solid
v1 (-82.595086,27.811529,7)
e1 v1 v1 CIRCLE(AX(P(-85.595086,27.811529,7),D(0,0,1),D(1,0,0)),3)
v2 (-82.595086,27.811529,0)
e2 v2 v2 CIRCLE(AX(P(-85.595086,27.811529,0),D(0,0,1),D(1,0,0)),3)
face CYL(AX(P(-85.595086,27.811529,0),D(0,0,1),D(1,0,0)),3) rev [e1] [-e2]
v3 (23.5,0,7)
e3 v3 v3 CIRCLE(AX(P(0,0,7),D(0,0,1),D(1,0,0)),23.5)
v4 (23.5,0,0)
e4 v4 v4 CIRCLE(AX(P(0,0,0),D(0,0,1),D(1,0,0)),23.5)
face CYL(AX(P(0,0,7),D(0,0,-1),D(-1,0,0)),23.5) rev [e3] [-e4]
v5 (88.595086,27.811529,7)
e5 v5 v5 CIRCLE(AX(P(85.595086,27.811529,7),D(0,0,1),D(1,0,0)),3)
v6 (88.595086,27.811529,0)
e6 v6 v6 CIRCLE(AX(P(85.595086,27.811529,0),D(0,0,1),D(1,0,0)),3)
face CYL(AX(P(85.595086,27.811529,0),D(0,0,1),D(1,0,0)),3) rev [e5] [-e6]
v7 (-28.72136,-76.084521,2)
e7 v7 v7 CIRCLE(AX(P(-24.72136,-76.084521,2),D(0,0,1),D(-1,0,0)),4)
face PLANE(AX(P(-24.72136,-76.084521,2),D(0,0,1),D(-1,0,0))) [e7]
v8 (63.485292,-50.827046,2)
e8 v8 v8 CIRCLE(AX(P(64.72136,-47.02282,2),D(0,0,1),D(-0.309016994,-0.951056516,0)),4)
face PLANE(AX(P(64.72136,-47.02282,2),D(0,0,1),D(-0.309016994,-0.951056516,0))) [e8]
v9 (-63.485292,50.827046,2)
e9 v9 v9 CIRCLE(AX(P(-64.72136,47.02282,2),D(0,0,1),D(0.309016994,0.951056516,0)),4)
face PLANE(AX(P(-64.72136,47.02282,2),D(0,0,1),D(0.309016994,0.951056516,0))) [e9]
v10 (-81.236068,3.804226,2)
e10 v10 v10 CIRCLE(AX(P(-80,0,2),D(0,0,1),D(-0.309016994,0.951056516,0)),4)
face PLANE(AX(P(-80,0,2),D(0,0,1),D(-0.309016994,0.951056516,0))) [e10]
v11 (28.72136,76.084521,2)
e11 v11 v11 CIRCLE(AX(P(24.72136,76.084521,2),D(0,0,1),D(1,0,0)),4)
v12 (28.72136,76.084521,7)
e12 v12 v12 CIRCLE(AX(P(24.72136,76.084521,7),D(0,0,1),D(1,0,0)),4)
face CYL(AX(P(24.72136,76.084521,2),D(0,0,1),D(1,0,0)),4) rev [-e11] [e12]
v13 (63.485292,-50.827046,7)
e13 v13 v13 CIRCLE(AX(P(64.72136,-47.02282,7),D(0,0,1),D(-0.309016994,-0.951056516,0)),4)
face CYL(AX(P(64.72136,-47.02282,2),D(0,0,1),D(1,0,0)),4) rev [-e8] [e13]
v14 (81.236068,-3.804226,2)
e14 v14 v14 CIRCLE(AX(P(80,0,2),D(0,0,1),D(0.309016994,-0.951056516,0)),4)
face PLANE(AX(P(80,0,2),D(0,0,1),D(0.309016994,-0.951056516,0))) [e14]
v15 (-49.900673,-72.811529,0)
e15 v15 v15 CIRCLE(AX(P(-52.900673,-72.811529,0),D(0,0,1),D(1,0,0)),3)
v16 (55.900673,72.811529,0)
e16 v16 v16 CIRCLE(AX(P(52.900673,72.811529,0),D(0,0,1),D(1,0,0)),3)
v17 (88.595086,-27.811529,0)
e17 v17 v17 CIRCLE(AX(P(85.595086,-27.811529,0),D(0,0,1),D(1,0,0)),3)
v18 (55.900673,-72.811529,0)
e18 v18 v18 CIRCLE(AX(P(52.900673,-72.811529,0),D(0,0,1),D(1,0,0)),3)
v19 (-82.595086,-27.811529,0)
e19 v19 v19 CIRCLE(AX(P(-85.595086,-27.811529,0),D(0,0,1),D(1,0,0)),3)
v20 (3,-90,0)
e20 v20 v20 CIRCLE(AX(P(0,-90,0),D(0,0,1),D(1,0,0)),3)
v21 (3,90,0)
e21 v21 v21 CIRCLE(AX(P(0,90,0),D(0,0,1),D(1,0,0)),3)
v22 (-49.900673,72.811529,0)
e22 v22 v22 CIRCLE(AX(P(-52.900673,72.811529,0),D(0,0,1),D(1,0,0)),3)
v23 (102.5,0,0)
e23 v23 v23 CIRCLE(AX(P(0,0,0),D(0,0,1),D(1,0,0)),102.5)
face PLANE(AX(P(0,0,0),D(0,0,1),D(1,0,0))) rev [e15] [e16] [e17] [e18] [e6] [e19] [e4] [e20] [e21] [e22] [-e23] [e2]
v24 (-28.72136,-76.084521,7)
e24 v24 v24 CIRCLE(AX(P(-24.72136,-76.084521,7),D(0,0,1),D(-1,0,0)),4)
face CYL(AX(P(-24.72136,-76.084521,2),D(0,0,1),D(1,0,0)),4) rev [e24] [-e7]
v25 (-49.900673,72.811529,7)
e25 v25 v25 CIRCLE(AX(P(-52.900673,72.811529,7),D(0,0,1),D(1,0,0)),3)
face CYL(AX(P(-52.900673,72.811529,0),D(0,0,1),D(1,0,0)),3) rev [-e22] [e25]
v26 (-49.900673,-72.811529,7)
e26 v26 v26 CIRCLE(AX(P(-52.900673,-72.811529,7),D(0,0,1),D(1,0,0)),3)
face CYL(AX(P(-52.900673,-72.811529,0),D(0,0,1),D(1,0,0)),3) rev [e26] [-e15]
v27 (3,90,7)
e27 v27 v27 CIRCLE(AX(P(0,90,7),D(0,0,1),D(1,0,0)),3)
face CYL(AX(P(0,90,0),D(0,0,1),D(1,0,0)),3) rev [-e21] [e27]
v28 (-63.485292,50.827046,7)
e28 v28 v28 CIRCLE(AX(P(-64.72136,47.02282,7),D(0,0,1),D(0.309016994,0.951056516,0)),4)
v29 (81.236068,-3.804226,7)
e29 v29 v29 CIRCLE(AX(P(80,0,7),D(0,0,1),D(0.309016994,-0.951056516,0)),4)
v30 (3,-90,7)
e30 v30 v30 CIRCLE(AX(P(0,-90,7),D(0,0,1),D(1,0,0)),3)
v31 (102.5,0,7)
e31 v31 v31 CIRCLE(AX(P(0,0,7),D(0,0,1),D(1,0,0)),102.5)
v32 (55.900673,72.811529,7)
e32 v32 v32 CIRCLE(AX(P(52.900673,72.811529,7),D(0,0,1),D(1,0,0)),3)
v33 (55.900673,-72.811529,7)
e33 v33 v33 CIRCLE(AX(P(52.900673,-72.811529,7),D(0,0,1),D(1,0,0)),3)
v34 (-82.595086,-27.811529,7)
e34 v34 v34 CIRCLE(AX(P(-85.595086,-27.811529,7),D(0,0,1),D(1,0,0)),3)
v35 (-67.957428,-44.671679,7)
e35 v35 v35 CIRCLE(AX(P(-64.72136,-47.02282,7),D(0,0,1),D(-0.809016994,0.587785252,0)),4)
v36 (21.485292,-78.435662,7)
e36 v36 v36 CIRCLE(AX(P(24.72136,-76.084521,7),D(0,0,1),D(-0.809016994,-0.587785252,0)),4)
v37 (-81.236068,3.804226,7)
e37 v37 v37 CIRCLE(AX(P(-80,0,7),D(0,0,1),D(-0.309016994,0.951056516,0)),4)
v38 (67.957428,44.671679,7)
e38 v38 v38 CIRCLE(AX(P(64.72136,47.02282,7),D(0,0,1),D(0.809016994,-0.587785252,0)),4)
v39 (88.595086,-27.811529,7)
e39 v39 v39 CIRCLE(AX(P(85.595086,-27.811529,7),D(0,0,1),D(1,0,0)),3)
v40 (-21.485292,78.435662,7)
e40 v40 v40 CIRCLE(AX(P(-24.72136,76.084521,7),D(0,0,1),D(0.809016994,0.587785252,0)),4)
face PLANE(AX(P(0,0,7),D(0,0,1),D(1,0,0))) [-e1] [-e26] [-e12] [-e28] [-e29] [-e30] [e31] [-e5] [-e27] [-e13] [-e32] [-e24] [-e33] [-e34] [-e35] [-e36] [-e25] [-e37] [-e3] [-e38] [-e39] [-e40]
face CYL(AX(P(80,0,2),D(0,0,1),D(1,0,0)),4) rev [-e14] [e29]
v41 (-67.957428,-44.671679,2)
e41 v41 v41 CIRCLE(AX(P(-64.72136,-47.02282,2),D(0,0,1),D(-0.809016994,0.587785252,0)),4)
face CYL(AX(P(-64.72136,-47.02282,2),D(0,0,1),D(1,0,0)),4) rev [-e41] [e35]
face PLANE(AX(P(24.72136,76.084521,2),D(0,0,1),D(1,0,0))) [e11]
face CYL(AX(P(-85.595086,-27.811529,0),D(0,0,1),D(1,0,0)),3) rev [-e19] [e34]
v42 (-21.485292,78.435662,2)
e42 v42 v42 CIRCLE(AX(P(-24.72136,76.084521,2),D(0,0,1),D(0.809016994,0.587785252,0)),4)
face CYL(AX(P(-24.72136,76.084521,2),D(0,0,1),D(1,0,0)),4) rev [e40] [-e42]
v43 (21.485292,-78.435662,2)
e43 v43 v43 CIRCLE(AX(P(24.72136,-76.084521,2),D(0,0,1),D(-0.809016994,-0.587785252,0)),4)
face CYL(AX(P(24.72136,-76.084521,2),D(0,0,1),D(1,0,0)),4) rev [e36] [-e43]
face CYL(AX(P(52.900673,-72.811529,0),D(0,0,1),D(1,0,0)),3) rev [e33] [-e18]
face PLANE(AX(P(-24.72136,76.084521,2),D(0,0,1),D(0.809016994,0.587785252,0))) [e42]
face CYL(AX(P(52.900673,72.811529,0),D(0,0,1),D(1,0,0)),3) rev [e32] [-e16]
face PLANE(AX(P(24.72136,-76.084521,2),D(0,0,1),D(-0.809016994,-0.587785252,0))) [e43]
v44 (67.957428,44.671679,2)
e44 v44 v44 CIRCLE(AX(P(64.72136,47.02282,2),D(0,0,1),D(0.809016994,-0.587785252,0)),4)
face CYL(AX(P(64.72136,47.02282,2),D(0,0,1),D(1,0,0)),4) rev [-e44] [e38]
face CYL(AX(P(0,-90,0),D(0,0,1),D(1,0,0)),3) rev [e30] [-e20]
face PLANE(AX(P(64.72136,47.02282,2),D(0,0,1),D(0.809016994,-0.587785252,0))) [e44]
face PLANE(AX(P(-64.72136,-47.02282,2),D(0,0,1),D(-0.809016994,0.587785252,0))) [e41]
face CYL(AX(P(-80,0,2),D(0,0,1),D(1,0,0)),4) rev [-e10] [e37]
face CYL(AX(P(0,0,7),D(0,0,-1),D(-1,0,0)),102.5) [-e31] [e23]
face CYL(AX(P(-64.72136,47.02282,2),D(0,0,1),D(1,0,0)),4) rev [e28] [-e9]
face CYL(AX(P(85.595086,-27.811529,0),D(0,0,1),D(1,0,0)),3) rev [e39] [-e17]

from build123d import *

# Parameters (mm, degrees)
SKETCH1_R           = 102.5
SKETCH1_R_2         = 23.5
BOSS_EXTRUDE1_DEPTH = 7
SKETCH2_R           = 3
CUT_EXTRUDE1_DEPTH  = 146.125807491
SKETCH3_R           = 4
CUT_EXTRUDE2_DEPTH  = 5
CIRPATTERN1_COUNT   = 10


with BuildPart() as part:
    # Sketch1 → Boss-Extrude1 (new body)
    with BuildSketch(Plane.XY):
        Circle(SKETCH1_R)
        Circle(SKETCH1_R_2, mode=Mode.SUBTRACT)
    extrude(amount=BOSS_EXTRUDE1_DEPTH)

    # Sketch2 → Cut-Extrude1 (cut, through all)
    with BuildSketch(Plane.XY.offset(7)):
        with Locations((0, 90)):
            Circle(SKETCH2_R)
        with Locations((52.900672706, 72.811529494)):
            Circle(SKETCH2_R)
        with Locations((85.595086467, 27.811529494)):
            Circle(SKETCH2_R)
        with Locations((85.595086467, -27.811529494)):
            Circle(SKETCH2_R)
        with Locations((52.900672706, -72.811529494)):
            Circle(SKETCH2_R)
        with Locations((0, -90)):
            Circle(SKETCH2_R)
        with Locations((-52.900672706, -72.811529494)):
            Circle(SKETCH2_R)
        with Locations((-85.595086467, -27.811529494)):
            Circle(SKETCH2_R)
        with Locations((-85.595086467, 27.811529494)):
            Circle(SKETCH2_R)
        with Locations((-52.900672706, 72.811529494)):
            Circle(SKETCH2_R)
    extrude(amount=-CUT_EXTRUDE1_DEPTH, mode=Mode.SUBTRACT)

    # Sketch3 → Cut-Extrude2 (cut)
    with BuildSketch(Plane.XY.offset(7)):
        with Locations((24.72135955, 76.084521304)):
            Circle(SKETCH3_R)
    cut_extrude2 = extrude(amount=-CUT_EXTRUDE2_DEPTH, mode=Mode.SUBTRACT)

    # CirPattern1: Cut-Extrude2 ×10 about axis
    cirpattern1_axis = Axis((0, 0, 0), (0, 0, 1))
    for i in range(1, CIRPATTERN1_COUNT):
        add(cut_extrude2.rotate(cirpattern1_axis, i * 360 / CIRPATTERN1_COUNT), mode=Mode.SUBTRACT)


solid = part.part
